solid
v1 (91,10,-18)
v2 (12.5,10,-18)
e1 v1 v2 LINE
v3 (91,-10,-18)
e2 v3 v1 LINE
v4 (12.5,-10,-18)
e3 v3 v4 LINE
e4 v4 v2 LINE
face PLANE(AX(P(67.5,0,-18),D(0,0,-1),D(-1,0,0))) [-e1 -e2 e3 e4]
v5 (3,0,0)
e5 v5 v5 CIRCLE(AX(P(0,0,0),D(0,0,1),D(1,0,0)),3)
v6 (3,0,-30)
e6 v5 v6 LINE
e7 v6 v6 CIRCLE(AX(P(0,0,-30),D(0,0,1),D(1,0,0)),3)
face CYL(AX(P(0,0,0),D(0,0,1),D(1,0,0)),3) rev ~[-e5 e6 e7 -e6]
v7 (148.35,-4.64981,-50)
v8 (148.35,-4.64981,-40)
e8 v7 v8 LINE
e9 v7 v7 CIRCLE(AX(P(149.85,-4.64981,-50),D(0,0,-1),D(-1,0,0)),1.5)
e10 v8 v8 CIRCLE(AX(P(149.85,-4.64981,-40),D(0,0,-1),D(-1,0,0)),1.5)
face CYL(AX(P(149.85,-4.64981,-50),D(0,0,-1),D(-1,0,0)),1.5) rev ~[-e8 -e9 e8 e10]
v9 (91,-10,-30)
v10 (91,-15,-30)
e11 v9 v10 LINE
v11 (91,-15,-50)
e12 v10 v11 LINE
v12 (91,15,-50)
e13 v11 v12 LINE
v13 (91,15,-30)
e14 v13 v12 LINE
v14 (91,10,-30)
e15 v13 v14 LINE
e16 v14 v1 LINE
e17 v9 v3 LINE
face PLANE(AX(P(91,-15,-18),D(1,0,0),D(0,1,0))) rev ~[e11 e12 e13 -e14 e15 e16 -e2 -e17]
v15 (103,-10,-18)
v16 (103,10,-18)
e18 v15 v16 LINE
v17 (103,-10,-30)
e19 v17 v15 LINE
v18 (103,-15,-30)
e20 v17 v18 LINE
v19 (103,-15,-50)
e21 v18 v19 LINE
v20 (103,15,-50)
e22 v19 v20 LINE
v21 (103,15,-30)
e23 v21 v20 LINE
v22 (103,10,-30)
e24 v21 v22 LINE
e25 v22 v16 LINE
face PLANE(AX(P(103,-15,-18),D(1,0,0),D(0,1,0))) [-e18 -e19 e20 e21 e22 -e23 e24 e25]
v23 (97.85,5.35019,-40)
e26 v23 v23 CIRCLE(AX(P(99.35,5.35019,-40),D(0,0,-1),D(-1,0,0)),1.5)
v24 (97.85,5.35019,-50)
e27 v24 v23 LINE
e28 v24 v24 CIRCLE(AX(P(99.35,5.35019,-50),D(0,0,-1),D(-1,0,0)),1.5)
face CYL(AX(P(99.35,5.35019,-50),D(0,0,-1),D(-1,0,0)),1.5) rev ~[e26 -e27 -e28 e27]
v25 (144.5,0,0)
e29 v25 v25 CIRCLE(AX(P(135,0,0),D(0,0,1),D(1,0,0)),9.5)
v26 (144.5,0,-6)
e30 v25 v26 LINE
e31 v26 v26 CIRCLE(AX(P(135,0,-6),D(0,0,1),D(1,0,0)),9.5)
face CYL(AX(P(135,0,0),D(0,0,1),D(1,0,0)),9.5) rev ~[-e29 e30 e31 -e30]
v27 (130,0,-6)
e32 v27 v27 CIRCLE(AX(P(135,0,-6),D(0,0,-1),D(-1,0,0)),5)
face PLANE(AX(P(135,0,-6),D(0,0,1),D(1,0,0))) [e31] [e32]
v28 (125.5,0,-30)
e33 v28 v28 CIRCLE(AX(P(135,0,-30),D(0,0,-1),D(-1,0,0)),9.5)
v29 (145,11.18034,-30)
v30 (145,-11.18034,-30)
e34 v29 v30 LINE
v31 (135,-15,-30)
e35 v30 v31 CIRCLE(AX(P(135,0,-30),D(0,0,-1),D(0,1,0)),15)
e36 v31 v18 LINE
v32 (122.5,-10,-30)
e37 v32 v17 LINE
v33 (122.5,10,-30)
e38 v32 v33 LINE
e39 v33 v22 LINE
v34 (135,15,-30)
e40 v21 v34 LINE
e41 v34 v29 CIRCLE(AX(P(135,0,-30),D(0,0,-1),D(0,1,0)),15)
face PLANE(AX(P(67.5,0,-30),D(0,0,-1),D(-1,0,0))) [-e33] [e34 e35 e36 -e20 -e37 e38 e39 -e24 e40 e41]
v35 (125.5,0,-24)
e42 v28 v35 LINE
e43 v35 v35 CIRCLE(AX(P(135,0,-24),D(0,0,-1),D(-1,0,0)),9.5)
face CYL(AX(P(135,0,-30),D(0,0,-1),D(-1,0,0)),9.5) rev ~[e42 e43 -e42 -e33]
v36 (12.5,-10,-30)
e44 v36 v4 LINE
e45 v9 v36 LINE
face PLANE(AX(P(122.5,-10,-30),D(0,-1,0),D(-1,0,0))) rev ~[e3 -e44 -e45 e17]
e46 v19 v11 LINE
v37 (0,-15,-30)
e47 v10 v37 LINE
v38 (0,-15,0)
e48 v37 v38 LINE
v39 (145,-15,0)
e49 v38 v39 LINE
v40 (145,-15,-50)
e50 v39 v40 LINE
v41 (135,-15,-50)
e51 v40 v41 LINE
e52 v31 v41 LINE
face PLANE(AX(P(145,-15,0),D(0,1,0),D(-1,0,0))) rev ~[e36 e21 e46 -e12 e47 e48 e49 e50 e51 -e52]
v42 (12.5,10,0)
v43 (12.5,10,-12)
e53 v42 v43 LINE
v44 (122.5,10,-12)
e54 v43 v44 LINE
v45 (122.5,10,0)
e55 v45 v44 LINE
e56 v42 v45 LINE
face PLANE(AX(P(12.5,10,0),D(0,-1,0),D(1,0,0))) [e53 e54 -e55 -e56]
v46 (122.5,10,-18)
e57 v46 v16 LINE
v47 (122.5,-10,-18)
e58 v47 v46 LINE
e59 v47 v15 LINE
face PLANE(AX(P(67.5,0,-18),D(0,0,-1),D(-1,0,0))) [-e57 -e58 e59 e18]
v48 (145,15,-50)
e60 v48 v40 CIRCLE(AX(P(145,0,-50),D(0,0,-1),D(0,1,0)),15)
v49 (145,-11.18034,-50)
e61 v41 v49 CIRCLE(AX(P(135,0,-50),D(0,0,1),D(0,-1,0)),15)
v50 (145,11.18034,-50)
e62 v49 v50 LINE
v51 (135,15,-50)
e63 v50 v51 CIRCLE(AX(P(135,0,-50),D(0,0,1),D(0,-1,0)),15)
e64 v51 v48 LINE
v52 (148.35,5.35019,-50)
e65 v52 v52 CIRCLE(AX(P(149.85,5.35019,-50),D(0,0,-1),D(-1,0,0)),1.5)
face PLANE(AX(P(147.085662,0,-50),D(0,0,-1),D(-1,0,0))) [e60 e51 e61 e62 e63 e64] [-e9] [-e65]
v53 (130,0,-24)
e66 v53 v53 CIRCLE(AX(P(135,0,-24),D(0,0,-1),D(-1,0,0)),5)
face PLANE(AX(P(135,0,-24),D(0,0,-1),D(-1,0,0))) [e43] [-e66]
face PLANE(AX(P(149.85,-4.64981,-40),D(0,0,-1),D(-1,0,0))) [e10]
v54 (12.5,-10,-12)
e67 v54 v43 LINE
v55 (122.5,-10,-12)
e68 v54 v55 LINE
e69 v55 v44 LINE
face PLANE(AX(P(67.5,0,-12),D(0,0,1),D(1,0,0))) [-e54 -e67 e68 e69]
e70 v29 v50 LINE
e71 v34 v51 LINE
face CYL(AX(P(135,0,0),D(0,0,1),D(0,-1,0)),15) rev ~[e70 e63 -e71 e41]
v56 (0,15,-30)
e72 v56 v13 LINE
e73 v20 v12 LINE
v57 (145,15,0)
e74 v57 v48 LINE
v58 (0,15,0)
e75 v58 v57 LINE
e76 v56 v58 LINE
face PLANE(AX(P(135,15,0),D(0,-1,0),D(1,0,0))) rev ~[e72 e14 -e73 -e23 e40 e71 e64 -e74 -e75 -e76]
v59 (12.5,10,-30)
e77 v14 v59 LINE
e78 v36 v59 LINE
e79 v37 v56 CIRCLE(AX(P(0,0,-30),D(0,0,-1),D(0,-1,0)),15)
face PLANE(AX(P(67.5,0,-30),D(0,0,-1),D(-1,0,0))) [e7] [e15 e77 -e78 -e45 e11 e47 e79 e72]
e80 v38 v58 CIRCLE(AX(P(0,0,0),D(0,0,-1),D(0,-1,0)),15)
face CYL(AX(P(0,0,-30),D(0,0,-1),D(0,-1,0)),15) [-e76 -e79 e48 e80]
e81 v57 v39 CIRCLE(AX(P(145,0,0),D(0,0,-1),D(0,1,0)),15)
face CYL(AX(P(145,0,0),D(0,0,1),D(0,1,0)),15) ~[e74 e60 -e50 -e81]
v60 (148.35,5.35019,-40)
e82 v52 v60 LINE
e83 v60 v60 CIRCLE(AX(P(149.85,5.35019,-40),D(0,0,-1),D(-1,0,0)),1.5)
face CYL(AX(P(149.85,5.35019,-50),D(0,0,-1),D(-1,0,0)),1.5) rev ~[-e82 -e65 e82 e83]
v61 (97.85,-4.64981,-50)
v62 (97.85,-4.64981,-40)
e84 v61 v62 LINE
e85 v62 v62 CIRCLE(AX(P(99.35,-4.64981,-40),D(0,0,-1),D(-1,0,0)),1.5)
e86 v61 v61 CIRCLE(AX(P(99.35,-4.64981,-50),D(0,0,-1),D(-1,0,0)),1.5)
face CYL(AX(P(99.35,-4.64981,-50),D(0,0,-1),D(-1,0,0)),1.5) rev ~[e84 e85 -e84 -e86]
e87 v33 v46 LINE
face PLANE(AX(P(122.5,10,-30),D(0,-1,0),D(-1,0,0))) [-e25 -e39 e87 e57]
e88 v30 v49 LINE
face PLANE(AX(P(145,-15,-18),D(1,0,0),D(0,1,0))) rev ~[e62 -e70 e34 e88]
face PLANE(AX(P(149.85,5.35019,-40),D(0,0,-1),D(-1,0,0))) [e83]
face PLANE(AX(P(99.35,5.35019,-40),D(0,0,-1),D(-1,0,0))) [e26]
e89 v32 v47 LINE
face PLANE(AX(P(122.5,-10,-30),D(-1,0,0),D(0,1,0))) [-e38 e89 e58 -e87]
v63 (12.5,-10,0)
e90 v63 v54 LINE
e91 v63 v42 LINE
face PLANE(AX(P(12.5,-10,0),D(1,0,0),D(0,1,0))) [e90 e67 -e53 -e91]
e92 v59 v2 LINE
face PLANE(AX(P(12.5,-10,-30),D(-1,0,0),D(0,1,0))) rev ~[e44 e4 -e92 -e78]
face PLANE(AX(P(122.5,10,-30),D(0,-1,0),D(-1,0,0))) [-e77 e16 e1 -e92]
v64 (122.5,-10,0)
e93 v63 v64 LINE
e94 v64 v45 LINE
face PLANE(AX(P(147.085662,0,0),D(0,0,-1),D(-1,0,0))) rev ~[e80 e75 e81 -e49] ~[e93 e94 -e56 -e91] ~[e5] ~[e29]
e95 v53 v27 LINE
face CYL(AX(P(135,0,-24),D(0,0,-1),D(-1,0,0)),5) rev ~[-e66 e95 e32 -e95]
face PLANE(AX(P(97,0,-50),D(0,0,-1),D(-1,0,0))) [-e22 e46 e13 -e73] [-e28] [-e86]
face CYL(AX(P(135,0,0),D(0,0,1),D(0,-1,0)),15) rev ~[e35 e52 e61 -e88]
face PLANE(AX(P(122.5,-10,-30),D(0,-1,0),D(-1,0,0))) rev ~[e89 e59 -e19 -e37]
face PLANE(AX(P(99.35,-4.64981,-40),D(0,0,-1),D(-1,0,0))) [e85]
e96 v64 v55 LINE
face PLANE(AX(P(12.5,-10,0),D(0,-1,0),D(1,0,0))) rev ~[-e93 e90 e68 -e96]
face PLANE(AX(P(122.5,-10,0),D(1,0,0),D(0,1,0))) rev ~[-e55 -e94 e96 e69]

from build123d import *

# Parameters (mm, degrees)
BOSS_EXTRUDE1_DEPTH   = 30
SKETCH2_R             = 3
CUT_EXTRUDE1_DEPTH    = 30
SKETCH3_R             = 9.5
CUT_EXTRUDE2_DEPTH    = 6
SKETCH4_R             = 9.5
CUT_EXTRUDE3_DEPTH    = 6
CUT_EXTRUDE4_REACH    = 26
SKETCH5_R             = 5
SKETCH6_W             = 110
SKETCH6_H             = 20
CUT_EXTRUDE5_DEPTH    = 12
SKETCH7_W             = 110
SKETCH7_H             = 20
CUT_EXTRUDE6_DEPTH    = 12
SKETCH8_W             = 12
SKETCH8_H             = 30
BOSS_EXTRUDE2_DEPTH   = 32
CUT_EXTRUDE7_DEPTH    = 35
BOSS_EXTRUDE3_DEPTH   = 50
SKETCH11_R            = 1.5
CUT_EXTRUDE8_DEPTH    = 10
SKETCH13_R            = 1.5
CUT_EXTRUDE9_DEPTH    = 10
SKETCH12_R            = 1.5
CUT_EXTRUDE10_DEPTH   = 10
BODY_MOVE_COPY1_ANGLE = 90


with BuildPart() as part:
    # Sketch1 → Boss-Extrude1 (new body)
    with BuildSketch(Plane(origin=(0, 0, 0), x_dir=(0, 0, -1), z_dir=(1, 0, 0))):
        with BuildLine():
            Line((0, 30), (135, 30))
            ThreePointArc((135, 30), (150, 15), (135, 0))
            Line((135, 0), (0, 0))
            ThreePointArc((0, 0), (-15, 15), (0, 30))
        make_face()
    extrude(amount=BOSS_EXTRUDE1_DEPTH)

    # Sketch2 → Cut-Extrude1 (cut)
    with BuildSketch(Plane(origin=(30, 0, 0), x_dir=(0, 0, -1), z_dir=(1, 0, 0))):
        with Locations((0, 15)):
            Circle(SKETCH2_R)
    extrude(amount=-CUT_EXTRUDE1_DEPTH, mode=Mode.SUBTRACT)

    # Sketch3 → Cut-Extrude2 (cut)
    with BuildSketch(Plane(origin=(30, 0, 0), x_dir=(0, 0, -1), z_dir=(1, 0, 0))):
        with Locations((135, 15)):
            Circle(SKETCH3_R)
    extrude(amount=-CUT_EXTRUDE2_DEPTH, mode=Mode.SUBTRACT)

    # Sketch4 → Cut-Extrude3 (cut)
    with BuildSketch(Plane.ZY):
        with Locations((-135, 15)):
            Circle(SKETCH4_R)
    extrude(amount=-CUT_EXTRUDE3_DEPTH, mode=Mode.SUBTRACT)

    # Sketch5 → Cut-Extrude4 (cut, up to next)
    with BuildSketch(Plane.ZY.offset(-6), mode=Mode.PRIVATE) as cut_extrude4_sk1:
        with Locations((-135, 15)):
            Circle(SKETCH5_R)
    cut_extrude4_tool1 = extrude(cut_extrude4_sk1.sketch, amount=-CUT_EXTRUDE4_REACH, mode=Mode.PRIVATE) & part.part
    add(cut_extrude4_tool1.solids().sort_by_distance((6, 15, -135))[0], mode=Mode.SUBTRACT)

    # Sketch6 → Cut-Extrude5 (cut)
    with BuildSketch(Plane(origin=(30, 0, 0), x_dir=(0, 0, -1), z_dir=(1, 0, 0))):
        with Locations((67.5, 15)):
            Rectangle(SKETCH6_W, SKETCH6_H)
    extrude(amount=-CUT_EXTRUDE5_DEPTH, mode=Mode.SUBTRACT)

    # Sketch7 → Cut-Extrude6 (cut)
    with BuildSketch(Plane.ZY):
        with Locations((-67.5, 15)):
            Rectangle(SKETCH7_W, SKETCH7_H)
    extrude(amount=-CUT_EXTRUDE6_DEPTH, mode=Mode.SUBTRACT)

    # Sketch8 → Boss-Extrude2 (add)
    with BuildSketch(Plane.ZY.offset(-12)):
        with Locations((-97, 15)):
            Rectangle(SKETCH8_W, SKETCH8_H)
        with Locations((-151, 15)):
            Rectangle(SKETCH8_W, SKETCH8_H)
    extrude(amount=BOSS_EXTRUDE2_DEPTH)

    # Sketch9 → Cut-Extrude7 (cut)
    with BuildSketch(Plane(origin=(12, 0, 0), x_dir=(0, 0, -1), z_dir=(1, 0, 0))):
        with BuildLine():
            Line((145, 30), (145, 26.180339887))
            ThreePointArc((145, 26.180339887), (150, 15), (145, 3.819660113))
            Line((145, 3.819660113), (145, 0))
            Line((145, 0), (157, 0))
            Line((157, 0), (157, 30))
            Line((157, 30), (145, 30))
        make_face()
    extrude(amount=-CUT_EXTRUDE7_DEPTH, mode=Mode.SUBTRACT)

    # Sketch10 → Boss-Extrude3 (add)
    with BuildSketch(Plane(origin=(30, 0, 0), x_dir=(0, 0, -1), z_dir=(1, 0, 0))):
        with BuildLine():
            Line((135, 30), (145, 30))
            ThreePointArc((145, 30), (160, 15), (145, 0))
            Line((145, 0), (135, 0))
            ThreePointArc((135, 0), (150, 15), (135, 30))
        make_face()
    extrude(amount=-BOSS_EXTRUDE3_DEPTH)

    # Sketch11 → Cut-Extrude8 (cut)
    with BuildSketch(Plane.ZY.offset(20)):
        with Locations((-149.85, 10.350189987)):
            Circle(SKETCH11_R)
    extrude(amount=-CUT_EXTRUDE8_DEPTH, mode=Mode.SUBTRACT)

    # Sketch13 → Cut-Extrude9 (cut)
    with BuildSketch(Plane.ZY.offset(20)):
        with Locations((-149.85, 20.350189987)):
            Circle(SKETCH13_R)
        with Locations((-99.35, 20.350189987)):
            Circle(SKETCH13_R)
    extrude(amount=-CUT_EXTRUDE9_DEPTH, mode=Mode.SUBTRACT)

    # Sketch12 → Cut-Extrude10 (cut)
    with BuildSketch(Plane.ZY.offset(20)):
        with Locations((-99.35, 10.350189987)):
            Circle(SKETCH12_R)
    extrude(amount=-CUT_EXTRUDE10_DEPTH, mode=Mode.SUBTRACT)


with BuildPart() as part_1:
    # Body-Move/Copy1: moved
    add(part.part.rotate(Axis((5, 0, -72.5), (0, -1, 0)), BODY_MOVE_COPY1_ANGLE))


with BuildPart() as part_2:
    # Body-Move/Copy2: moved
    add(part_1.part.moved(Location((67.5, -15, 47.5))))


solid = part_2.part
